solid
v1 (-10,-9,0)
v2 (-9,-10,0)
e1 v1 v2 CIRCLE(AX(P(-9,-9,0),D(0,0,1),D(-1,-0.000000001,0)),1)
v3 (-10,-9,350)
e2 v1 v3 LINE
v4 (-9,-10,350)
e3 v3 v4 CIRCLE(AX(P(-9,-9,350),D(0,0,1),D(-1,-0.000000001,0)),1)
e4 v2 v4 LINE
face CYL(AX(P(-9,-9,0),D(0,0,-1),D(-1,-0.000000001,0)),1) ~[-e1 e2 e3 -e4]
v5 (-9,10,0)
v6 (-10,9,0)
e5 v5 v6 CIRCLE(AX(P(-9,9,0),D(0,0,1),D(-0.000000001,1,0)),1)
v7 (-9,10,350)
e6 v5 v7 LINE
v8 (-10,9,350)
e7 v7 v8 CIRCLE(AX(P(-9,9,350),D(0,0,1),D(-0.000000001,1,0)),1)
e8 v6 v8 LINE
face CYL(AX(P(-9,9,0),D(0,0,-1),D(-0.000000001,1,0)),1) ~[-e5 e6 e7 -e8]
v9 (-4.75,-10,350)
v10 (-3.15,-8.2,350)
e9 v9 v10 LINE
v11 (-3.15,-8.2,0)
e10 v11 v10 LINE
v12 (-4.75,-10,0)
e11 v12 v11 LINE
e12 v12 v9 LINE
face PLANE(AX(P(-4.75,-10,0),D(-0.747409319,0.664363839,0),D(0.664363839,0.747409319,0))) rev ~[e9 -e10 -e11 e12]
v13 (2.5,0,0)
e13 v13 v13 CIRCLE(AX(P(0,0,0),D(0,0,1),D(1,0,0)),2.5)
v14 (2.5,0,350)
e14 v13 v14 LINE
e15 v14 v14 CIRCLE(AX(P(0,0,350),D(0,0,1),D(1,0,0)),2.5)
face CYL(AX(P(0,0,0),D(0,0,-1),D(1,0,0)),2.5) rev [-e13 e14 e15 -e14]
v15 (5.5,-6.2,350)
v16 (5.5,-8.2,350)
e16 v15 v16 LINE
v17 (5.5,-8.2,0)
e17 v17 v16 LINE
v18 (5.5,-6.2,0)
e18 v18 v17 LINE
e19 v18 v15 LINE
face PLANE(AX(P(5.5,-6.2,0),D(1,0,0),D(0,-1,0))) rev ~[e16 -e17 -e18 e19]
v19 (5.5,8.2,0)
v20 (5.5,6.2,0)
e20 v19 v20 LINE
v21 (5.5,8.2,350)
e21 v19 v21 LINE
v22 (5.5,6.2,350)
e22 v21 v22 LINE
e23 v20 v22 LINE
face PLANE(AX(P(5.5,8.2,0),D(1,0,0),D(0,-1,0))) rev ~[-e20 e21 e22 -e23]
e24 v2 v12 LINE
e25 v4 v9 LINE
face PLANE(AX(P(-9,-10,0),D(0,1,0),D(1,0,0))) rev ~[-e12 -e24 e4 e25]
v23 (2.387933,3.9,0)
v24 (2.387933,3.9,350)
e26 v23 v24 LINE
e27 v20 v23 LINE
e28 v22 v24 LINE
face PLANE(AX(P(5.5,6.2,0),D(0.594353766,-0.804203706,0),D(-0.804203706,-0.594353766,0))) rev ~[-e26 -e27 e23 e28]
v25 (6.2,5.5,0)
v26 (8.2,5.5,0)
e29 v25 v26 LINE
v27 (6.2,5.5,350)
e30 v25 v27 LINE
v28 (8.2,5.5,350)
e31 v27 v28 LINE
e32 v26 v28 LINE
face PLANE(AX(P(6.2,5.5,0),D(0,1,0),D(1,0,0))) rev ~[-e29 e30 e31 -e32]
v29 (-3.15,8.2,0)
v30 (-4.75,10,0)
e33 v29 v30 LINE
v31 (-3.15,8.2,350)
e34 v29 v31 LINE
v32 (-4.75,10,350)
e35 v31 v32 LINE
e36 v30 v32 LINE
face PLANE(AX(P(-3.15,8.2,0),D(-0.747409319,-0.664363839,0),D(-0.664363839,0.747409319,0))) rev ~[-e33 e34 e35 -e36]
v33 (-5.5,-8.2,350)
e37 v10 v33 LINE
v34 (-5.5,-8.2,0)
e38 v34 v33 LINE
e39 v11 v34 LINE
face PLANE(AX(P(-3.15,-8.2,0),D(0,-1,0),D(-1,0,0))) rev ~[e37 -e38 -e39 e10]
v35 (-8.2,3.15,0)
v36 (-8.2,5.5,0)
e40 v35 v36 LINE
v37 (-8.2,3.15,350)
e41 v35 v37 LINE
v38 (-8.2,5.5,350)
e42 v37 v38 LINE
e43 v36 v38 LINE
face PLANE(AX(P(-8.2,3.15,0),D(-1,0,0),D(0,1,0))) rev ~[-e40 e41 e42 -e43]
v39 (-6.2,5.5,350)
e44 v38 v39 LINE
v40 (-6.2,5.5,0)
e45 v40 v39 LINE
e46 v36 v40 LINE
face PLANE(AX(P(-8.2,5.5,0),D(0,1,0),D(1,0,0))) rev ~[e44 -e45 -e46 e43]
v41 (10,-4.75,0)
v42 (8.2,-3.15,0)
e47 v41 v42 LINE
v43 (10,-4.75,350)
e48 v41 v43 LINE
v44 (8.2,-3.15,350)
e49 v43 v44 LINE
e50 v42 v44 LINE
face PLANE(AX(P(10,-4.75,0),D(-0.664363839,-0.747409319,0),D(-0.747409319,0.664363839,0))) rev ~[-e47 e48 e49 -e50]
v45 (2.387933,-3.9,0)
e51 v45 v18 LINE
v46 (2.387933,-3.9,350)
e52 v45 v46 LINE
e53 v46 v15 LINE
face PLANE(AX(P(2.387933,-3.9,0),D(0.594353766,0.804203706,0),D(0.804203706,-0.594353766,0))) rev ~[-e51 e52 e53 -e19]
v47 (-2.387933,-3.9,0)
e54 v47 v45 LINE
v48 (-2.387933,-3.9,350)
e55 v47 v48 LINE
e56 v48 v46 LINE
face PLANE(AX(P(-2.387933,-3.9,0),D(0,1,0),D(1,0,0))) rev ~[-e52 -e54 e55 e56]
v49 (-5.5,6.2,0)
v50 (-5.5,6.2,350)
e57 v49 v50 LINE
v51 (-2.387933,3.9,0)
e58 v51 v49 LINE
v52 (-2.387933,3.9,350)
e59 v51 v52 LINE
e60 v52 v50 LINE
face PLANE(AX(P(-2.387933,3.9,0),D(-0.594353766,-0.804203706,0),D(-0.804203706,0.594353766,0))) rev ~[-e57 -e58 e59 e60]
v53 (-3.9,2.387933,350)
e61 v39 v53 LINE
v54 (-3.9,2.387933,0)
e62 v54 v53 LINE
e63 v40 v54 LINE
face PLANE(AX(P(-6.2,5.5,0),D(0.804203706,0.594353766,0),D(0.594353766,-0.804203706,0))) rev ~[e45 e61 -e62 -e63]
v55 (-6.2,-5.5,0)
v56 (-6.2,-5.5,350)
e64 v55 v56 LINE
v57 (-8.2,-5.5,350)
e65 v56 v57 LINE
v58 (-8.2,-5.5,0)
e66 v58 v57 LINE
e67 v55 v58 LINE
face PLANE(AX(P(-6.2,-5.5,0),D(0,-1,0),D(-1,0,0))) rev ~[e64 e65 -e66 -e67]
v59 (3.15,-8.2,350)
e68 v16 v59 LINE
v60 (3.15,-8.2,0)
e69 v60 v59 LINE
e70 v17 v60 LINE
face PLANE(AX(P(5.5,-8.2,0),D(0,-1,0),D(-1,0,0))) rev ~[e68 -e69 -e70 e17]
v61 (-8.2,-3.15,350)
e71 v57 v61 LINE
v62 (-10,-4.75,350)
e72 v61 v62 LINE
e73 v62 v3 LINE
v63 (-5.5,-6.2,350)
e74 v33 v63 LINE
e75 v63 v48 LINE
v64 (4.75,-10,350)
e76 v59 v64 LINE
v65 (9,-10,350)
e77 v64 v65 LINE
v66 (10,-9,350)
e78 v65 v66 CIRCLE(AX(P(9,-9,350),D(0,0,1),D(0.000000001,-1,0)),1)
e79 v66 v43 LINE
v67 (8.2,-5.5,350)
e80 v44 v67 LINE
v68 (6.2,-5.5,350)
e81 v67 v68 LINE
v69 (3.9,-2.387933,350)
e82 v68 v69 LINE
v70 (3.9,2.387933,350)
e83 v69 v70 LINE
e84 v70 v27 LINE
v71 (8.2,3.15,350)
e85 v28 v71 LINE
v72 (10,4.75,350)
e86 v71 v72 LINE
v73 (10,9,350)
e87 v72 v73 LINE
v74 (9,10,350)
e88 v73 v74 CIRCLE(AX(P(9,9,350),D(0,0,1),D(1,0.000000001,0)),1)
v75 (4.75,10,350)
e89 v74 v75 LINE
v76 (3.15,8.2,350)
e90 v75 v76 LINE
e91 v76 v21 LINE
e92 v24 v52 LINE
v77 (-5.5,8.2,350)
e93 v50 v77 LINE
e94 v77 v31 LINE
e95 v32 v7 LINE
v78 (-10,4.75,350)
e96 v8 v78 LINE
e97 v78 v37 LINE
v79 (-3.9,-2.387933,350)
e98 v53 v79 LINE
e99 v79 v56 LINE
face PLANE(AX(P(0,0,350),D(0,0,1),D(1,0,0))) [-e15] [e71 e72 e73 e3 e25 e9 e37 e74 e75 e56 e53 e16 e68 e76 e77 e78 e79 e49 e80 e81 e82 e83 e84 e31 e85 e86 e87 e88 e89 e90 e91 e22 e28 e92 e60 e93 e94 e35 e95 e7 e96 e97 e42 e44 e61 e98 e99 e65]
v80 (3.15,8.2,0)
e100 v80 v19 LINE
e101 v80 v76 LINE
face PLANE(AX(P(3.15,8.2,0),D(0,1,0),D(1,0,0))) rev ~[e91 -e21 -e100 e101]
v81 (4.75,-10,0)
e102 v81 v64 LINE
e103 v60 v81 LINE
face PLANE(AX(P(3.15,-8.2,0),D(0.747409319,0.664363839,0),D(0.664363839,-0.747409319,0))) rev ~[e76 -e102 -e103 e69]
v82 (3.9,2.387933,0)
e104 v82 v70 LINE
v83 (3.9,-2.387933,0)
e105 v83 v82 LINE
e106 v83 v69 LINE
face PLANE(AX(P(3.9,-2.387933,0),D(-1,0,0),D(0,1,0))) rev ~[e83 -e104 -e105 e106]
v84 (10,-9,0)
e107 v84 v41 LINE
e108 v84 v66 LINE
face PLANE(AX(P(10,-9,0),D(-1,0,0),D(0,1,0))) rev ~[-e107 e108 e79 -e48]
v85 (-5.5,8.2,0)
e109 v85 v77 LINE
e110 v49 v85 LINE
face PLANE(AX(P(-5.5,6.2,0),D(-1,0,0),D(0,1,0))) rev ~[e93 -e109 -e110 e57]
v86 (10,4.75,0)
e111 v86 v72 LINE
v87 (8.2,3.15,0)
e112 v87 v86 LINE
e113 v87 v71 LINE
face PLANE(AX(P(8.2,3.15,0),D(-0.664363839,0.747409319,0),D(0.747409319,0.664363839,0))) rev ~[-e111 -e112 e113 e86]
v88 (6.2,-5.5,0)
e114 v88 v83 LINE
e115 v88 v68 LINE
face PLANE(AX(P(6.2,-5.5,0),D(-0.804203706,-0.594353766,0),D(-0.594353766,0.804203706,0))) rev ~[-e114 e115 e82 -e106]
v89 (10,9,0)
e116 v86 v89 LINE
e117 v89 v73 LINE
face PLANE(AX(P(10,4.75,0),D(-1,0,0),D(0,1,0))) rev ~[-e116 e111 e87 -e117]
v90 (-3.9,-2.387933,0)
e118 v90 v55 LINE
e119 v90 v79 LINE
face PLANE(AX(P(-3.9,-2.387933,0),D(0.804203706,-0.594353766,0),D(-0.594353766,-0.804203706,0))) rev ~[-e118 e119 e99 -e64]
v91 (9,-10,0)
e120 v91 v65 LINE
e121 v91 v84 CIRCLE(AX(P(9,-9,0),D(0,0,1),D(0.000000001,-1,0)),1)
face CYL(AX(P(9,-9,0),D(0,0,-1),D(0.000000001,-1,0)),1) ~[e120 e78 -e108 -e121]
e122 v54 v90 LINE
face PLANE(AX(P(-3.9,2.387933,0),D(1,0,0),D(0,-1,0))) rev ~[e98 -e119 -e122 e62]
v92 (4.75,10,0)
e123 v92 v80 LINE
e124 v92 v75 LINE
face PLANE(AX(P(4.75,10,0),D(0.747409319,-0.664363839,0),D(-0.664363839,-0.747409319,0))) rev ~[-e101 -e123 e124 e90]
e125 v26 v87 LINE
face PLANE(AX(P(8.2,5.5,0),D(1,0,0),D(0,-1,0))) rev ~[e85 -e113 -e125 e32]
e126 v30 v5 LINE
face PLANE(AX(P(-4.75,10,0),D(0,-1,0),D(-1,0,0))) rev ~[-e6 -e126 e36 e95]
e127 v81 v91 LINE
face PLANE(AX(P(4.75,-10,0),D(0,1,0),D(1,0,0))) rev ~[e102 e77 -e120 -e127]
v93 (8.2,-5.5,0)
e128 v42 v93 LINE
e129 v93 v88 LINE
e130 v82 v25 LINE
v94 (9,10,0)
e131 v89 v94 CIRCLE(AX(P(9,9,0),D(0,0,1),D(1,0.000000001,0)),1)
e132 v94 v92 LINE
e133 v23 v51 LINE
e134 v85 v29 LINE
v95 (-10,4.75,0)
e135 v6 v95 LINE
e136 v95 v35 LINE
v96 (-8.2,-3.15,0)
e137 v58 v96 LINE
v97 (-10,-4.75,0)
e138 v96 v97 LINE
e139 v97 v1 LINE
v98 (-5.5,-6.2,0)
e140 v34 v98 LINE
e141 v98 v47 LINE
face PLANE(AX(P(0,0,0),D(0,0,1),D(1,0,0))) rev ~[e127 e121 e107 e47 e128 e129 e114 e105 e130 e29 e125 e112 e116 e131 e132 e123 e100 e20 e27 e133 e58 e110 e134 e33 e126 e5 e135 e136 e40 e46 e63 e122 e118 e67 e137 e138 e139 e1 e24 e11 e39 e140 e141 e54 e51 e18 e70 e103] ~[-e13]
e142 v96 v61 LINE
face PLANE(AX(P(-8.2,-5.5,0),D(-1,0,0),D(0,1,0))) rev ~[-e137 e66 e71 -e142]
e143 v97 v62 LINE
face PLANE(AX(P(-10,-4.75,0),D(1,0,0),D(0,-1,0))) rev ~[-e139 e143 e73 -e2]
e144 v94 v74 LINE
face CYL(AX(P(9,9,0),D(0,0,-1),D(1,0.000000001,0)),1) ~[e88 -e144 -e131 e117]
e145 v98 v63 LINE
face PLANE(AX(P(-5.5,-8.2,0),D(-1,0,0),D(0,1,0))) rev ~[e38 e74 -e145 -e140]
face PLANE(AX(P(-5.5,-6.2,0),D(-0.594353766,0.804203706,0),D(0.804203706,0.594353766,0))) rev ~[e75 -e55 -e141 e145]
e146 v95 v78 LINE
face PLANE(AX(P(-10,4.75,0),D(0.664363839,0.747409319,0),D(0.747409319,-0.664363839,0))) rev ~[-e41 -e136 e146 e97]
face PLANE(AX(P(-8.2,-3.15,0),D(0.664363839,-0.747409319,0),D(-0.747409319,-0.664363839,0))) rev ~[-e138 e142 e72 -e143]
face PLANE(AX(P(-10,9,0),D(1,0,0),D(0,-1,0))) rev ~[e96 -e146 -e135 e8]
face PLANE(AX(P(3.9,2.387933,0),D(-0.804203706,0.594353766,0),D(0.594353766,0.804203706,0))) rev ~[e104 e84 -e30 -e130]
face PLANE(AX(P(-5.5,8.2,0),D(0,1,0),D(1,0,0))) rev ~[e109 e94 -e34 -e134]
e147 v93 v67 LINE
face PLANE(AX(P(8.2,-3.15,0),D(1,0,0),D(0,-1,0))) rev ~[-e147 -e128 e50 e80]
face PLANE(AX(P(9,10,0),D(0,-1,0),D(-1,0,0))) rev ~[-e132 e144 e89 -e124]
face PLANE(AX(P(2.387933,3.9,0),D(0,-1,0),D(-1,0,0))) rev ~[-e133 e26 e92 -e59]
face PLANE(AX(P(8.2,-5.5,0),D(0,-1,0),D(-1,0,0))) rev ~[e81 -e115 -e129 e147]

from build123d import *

# Parameters (mm, degrees)
SKETCH1_R           = 2.5
BOSS_EXTRUDE1_DEPTH = 350


with BuildPart() as part:
    # Sketch1 → Boss-Extrude1 (new body)
    with BuildSketch(Plane.XY):
        with BuildLine():
            Line((-5.5, 8.2), (-3.15, 8.2))
            Line((-3.15, 8.2), (-4.75, 10))
            Line((-4.75, 10), (-9, 10))
            ThreePointArc((-9, 10), (-9.707106781, 9.707106781), (-10, 9))
            Line((-10, 9), (-10, 4.75))
            Line((-10, 4.75), (-8.2, 3.15))
            Line((-8.2, 3.15), (-8.2, 5.5))
            Line((-8.2, 5.5), (-6.2, 5.5))
            Line((-6.2, 5.5), (-3.9, 2.387933369))
            Line((-3.9, 2.387933369), (-3.9, -2.387933369))
            Line((-3.9, -2.387933369), (-6.2, -5.5))
            Line((-6.2, -5.5), (-8.2, -5.5))
            Line((-8.2, -5.5), (-8.2, -3.15))
            Line((-8.2, -3.15), (-10, -4.75))
            Line((-10, -4.75), (-10, -9))
            ThreePointArc((-10, -9), (-9.707106781, -9.707106781), (-9, -10))
            Line((-9, -10), (-4.75, -10))
            Line((-4.75, -10), (-3.15, -8.2))
            Line((-3.15, -8.2), (-5.5, -8.2))
            Line((-5.5, -8.2), (-5.5, -6.2))
            Line((-5.5, -6.2), (-2.387933369, -3.9))
            Line((-2.387933369, -3.9), (2.387933369, -3.9))
            Line((2.387933369, -3.9), (5.5, -6.2))
            Line((5.5, -6.2), (5.5, -8.2))
            Line((5.5, -8.2), (3.15, -8.2))
            Line((3.15, -8.2), (4.75, -10))
            Line((4.75, -10), (9, -10))
            ThreePointArc((9, -10), (9.707106781, -9.707106781), (10, -9))
            Line((10, -9), (10, -4.75))
            Line((10, -4.75), (8.2, -3.15))
            Line((8.2, -3.15), (8.2, -5.5))
            Line((8.2, -5.5), (6.2, -5.5))
            Line((6.2, -5.5), (3.9, -2.387933369))
            Line((3.9, -2.387933369), (3.9, 2.387933369))
            Line((3.9, 2.387933369), (6.2, 5.5))
            Line((6.2, 5.5), (8.2, 5.5))
            Line((8.2, 5.5), (8.2, 3.15))
            Line((8.2, 3.15), (10, 4.75))
            Line((10, 4.75), (10, 9))
            ThreePointArc((10, 9), (9.707106781, 9.707106781), (9, 10))
            Line((9, 10), (4.75, 10))
            Line((4.75, 10), (3.15, 8.2))
            Line((3.15, 8.2), (5.5, 8.2))
            Line((5.5, 8.2), (5.5, 6.2))
            Line((5.5, 6.2), (2.387933369, 3.9))
            Line((2.387933369, 3.9), (-2.387933369, 3.9))
            Line((-2.387933369, 3.9), (-5.5, 6.2))
            Line((-5.5, 6.2), (-5.5, 8.2))
        make_face()
        Circle(SKETCH1_R, mode=Mode.SUBTRACT)
    extrude(amount=BOSS_EXTRUDE1_DEPTH)


solid = part.part
